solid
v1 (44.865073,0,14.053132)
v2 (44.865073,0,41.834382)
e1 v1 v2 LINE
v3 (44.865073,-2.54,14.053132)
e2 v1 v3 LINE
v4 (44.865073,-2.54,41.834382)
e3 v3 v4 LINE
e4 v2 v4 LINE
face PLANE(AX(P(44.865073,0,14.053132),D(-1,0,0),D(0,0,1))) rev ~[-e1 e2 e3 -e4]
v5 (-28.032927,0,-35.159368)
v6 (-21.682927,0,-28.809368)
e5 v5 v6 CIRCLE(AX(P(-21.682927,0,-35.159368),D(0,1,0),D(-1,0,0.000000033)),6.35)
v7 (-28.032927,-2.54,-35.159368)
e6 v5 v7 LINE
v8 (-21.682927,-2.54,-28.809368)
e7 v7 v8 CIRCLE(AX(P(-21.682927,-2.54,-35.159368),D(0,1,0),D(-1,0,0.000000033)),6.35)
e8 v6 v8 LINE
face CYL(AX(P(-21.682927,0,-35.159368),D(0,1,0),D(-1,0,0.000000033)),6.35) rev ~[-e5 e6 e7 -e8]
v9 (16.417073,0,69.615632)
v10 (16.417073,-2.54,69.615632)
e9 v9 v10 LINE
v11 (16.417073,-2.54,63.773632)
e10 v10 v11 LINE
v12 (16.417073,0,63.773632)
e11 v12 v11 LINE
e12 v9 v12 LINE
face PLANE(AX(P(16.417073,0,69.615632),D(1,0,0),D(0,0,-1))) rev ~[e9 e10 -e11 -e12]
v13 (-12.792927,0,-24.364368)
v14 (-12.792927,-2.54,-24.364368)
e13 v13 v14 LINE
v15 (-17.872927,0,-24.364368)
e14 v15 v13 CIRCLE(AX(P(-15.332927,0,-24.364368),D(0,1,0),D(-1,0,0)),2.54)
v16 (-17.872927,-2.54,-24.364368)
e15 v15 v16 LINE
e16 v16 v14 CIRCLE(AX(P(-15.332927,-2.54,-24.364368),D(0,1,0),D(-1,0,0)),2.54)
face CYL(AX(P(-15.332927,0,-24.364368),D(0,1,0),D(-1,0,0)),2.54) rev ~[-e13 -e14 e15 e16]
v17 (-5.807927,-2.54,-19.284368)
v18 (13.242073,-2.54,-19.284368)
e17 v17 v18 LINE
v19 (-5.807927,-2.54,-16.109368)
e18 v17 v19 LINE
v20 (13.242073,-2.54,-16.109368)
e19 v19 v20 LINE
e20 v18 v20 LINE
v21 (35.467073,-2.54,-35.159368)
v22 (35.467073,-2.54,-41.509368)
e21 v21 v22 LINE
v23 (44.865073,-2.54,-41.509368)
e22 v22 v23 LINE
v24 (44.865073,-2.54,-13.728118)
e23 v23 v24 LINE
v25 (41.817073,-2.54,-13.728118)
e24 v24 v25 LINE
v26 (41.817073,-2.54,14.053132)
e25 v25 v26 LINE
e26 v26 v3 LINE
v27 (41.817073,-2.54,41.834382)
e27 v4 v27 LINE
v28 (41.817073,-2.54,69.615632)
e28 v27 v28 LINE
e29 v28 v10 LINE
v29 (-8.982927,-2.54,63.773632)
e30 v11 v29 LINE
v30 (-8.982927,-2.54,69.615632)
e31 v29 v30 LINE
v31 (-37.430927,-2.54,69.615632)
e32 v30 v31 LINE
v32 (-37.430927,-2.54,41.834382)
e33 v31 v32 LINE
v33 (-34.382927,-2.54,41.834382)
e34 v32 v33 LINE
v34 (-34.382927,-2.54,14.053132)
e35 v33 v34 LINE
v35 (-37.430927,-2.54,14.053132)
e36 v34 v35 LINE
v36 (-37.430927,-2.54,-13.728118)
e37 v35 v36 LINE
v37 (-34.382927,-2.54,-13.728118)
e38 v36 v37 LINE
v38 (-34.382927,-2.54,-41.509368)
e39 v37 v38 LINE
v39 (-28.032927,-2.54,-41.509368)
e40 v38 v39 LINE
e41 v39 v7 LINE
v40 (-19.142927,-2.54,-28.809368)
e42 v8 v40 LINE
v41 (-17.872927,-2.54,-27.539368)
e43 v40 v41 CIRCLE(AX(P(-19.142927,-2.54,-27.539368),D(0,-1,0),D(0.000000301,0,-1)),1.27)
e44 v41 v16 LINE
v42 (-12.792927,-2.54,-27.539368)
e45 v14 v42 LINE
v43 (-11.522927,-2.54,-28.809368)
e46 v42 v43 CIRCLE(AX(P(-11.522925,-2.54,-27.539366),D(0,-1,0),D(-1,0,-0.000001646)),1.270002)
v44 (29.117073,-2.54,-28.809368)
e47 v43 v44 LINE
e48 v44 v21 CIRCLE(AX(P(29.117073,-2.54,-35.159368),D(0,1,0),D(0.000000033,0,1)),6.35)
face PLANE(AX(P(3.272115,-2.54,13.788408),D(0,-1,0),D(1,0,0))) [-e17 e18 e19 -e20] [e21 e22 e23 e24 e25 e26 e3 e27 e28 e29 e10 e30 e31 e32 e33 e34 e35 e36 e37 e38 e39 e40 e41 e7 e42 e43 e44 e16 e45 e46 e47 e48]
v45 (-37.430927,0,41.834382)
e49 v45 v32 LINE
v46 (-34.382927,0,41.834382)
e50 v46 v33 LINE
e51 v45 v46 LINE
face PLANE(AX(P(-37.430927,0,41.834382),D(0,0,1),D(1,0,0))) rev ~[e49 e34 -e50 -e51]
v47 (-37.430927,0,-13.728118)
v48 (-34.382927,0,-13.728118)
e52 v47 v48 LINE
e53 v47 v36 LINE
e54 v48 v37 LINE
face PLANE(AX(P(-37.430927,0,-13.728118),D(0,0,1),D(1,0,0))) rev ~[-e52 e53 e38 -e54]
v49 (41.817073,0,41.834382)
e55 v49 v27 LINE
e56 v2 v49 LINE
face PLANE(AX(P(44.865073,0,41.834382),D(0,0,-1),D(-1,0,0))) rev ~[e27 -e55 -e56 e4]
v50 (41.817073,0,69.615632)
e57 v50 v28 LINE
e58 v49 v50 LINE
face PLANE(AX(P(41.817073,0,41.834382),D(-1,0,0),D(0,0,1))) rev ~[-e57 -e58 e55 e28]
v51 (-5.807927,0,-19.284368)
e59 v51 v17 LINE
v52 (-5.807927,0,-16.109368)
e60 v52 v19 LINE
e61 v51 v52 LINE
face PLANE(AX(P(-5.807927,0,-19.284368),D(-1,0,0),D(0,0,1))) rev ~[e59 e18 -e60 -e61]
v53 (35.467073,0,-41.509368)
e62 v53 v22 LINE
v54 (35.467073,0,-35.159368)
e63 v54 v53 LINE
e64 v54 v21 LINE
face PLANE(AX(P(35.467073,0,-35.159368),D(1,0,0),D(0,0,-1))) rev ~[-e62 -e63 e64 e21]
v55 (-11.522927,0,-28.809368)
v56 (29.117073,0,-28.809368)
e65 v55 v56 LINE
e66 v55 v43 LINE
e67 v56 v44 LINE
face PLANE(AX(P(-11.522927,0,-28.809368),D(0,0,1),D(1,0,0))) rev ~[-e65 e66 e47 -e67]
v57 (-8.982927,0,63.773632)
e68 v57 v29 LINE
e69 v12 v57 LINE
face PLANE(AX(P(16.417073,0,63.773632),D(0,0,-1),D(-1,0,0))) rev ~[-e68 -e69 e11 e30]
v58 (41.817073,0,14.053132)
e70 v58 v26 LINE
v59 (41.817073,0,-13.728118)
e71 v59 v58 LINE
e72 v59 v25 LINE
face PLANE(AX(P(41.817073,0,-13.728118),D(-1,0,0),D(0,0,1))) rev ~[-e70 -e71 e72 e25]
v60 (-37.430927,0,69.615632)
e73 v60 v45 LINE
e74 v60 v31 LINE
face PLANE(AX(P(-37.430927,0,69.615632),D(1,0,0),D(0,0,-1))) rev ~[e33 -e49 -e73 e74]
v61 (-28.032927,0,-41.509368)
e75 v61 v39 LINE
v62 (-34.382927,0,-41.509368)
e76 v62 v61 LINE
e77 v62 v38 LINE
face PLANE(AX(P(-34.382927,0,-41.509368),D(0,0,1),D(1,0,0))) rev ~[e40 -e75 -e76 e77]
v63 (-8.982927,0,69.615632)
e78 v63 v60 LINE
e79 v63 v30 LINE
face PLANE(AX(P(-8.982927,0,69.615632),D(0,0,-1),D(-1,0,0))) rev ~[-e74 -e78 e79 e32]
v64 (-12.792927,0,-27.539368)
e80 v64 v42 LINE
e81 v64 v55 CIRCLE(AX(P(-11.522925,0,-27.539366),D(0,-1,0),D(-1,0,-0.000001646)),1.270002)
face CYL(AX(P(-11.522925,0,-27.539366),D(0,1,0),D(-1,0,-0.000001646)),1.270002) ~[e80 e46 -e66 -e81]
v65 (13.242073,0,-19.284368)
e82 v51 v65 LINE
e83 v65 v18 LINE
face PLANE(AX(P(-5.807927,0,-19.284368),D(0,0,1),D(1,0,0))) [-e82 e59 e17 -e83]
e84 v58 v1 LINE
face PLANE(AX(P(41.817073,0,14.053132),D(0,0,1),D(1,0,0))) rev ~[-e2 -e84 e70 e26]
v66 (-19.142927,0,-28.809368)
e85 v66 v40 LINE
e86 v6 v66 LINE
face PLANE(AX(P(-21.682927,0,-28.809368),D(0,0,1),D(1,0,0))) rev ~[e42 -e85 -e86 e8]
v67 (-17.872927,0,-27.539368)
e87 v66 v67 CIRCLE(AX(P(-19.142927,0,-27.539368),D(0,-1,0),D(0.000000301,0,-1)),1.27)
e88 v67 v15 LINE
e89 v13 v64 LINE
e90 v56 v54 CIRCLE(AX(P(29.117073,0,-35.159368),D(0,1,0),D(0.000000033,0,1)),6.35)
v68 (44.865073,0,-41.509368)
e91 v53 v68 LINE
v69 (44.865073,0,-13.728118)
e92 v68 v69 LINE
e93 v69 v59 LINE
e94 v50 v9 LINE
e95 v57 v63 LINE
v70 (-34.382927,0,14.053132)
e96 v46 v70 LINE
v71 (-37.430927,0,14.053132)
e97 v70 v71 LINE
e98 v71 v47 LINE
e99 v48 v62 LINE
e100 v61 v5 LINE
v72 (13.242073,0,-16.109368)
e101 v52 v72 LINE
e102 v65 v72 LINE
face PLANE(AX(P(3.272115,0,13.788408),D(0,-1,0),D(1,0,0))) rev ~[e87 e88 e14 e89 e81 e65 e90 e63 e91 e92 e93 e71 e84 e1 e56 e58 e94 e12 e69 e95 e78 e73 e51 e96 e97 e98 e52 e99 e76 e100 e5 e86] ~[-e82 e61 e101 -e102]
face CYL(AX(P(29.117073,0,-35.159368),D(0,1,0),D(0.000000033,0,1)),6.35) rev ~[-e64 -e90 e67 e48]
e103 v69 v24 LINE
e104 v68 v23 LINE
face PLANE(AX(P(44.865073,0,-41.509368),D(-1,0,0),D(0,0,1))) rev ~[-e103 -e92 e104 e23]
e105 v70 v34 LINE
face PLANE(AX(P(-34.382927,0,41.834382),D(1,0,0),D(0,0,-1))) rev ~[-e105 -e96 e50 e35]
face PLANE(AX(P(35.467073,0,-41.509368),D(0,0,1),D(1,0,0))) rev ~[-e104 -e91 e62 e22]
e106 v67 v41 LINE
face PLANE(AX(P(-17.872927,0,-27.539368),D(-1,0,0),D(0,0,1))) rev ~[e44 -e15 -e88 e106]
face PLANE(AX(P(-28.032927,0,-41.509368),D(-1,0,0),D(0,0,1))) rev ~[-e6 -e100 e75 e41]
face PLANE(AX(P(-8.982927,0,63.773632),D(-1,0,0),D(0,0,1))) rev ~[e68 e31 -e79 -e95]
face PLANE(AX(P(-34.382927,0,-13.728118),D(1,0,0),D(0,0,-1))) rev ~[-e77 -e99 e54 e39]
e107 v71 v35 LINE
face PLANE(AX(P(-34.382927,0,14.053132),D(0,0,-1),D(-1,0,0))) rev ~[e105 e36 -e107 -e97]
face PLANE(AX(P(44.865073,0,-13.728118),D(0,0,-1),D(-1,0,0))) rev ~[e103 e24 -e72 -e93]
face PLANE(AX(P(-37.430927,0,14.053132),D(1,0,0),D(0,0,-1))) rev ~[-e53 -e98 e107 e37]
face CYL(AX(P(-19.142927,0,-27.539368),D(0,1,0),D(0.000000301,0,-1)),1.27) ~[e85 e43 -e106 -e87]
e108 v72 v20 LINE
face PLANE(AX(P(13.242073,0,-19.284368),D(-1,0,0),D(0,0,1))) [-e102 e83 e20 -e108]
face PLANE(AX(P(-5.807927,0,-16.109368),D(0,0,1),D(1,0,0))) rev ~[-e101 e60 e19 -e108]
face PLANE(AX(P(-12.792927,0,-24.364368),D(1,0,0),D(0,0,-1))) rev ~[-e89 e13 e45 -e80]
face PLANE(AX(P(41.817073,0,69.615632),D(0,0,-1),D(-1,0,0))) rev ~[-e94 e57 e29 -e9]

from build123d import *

# Parameters (mm, degrees)
F0_W     = 19.05
F0_H     = 3.175
F1_DEPTH = 2.54


with BuildPart() as f1:
    # F0 (on Front) → F1 (new body)
    with BuildSketch(Plane.XZ):
        with BuildLine():
            Line((16.417073, 63.773632), (3.717073, 63.773632))
            Line((3.717073, 63.773632), (-8.982927, 63.773632))
            Line((-8.982927, 63.773632), (-8.982927, 69.615632))
            Line((-8.982927, 69.615632), (-37.430927, 69.615632))
            Line((-37.430927, 69.615632), (-37.430927, 41.834382))
            Line((-37.430927, 41.834382), (-34.382927, 41.834382))
            Line((-34.382927, 41.834382), (-34.382927, 14.053132))
            Line((-34.382927, 14.053132), (-37.430927, 14.053132))
            Line((-37.430927, 14.053132), (-37.430927, -13.728118))
            Line((-37.430927, -13.728118), (-34.382927, -13.728118))
            Line((-34.382927, -13.728118), (-34.382927, -41.509368))
            Line((-34.382927, -41.509368), (-28.032927, -41.509368))
            Line((-28.032927, -41.509368), (-28.032927, -35.159368))
            ThreePointArc((-28.032927, -35.159368), (-26.173055, -30.66924), (-21.682927, -28.809368))
            Line((-21.682927, -28.809368), (-19.142927, -28.809368))
            ThreePointArc((-19.142927, -28.809368), (-18.244901, -28.437393), (-17.872927, -27.539368))
            Line((-17.872927, -27.539368), (-17.872927, -24.364368))
            ThreePointArc((-17.872927, -24.364368), (-15.332927, -21.824368), (-12.792927, -24.364368))
            Line((-12.792927, -24.364368), (-12.792927, -27.539368))
            ThreePointArc((-12.792927, -27.539368), (-12.420952, -28.437393), (-11.522927, -28.809368))
            Line((-11.522927, -28.809368), (29.117073, -28.809368))
            ThreePointArc((29.117073, -28.809368), (33.607201, -30.66924), (35.467073, -35.159368))
            Line((35.467073, -35.159368), (35.467073, -41.509368))
            Line((35.467073, -41.509368), (44.865073, -41.509368))
            Line((44.865073, -41.509368), (44.865073, -13.728118))
            Line((44.865073, -13.728118), (41.817073, -13.728118))
            Line((41.817073, -13.728118), (41.817073, 14.053132))
            Line((41.817073, 14.053132), (44.865073, 14.053132))
            Line((44.865073, 14.053132), (44.865073, 41.834382))
            Line((44.865073, 41.834382), (41.817073, 41.834382))
            Line((41.817073, 41.834382), (41.817073, 69.615632))
            Line((41.817073, 69.615632), (16.417073, 69.615632))
            Line((16.417073, 69.615632), (16.417073, 63.773632))
        make_face()
        with Locations((3.717073, -17.696868)):
            Rectangle(F0_W, F0_H, mode=Mode.SUBTRACT)
    extrude(amount=F1_DEPTH)


solid = f1.part
